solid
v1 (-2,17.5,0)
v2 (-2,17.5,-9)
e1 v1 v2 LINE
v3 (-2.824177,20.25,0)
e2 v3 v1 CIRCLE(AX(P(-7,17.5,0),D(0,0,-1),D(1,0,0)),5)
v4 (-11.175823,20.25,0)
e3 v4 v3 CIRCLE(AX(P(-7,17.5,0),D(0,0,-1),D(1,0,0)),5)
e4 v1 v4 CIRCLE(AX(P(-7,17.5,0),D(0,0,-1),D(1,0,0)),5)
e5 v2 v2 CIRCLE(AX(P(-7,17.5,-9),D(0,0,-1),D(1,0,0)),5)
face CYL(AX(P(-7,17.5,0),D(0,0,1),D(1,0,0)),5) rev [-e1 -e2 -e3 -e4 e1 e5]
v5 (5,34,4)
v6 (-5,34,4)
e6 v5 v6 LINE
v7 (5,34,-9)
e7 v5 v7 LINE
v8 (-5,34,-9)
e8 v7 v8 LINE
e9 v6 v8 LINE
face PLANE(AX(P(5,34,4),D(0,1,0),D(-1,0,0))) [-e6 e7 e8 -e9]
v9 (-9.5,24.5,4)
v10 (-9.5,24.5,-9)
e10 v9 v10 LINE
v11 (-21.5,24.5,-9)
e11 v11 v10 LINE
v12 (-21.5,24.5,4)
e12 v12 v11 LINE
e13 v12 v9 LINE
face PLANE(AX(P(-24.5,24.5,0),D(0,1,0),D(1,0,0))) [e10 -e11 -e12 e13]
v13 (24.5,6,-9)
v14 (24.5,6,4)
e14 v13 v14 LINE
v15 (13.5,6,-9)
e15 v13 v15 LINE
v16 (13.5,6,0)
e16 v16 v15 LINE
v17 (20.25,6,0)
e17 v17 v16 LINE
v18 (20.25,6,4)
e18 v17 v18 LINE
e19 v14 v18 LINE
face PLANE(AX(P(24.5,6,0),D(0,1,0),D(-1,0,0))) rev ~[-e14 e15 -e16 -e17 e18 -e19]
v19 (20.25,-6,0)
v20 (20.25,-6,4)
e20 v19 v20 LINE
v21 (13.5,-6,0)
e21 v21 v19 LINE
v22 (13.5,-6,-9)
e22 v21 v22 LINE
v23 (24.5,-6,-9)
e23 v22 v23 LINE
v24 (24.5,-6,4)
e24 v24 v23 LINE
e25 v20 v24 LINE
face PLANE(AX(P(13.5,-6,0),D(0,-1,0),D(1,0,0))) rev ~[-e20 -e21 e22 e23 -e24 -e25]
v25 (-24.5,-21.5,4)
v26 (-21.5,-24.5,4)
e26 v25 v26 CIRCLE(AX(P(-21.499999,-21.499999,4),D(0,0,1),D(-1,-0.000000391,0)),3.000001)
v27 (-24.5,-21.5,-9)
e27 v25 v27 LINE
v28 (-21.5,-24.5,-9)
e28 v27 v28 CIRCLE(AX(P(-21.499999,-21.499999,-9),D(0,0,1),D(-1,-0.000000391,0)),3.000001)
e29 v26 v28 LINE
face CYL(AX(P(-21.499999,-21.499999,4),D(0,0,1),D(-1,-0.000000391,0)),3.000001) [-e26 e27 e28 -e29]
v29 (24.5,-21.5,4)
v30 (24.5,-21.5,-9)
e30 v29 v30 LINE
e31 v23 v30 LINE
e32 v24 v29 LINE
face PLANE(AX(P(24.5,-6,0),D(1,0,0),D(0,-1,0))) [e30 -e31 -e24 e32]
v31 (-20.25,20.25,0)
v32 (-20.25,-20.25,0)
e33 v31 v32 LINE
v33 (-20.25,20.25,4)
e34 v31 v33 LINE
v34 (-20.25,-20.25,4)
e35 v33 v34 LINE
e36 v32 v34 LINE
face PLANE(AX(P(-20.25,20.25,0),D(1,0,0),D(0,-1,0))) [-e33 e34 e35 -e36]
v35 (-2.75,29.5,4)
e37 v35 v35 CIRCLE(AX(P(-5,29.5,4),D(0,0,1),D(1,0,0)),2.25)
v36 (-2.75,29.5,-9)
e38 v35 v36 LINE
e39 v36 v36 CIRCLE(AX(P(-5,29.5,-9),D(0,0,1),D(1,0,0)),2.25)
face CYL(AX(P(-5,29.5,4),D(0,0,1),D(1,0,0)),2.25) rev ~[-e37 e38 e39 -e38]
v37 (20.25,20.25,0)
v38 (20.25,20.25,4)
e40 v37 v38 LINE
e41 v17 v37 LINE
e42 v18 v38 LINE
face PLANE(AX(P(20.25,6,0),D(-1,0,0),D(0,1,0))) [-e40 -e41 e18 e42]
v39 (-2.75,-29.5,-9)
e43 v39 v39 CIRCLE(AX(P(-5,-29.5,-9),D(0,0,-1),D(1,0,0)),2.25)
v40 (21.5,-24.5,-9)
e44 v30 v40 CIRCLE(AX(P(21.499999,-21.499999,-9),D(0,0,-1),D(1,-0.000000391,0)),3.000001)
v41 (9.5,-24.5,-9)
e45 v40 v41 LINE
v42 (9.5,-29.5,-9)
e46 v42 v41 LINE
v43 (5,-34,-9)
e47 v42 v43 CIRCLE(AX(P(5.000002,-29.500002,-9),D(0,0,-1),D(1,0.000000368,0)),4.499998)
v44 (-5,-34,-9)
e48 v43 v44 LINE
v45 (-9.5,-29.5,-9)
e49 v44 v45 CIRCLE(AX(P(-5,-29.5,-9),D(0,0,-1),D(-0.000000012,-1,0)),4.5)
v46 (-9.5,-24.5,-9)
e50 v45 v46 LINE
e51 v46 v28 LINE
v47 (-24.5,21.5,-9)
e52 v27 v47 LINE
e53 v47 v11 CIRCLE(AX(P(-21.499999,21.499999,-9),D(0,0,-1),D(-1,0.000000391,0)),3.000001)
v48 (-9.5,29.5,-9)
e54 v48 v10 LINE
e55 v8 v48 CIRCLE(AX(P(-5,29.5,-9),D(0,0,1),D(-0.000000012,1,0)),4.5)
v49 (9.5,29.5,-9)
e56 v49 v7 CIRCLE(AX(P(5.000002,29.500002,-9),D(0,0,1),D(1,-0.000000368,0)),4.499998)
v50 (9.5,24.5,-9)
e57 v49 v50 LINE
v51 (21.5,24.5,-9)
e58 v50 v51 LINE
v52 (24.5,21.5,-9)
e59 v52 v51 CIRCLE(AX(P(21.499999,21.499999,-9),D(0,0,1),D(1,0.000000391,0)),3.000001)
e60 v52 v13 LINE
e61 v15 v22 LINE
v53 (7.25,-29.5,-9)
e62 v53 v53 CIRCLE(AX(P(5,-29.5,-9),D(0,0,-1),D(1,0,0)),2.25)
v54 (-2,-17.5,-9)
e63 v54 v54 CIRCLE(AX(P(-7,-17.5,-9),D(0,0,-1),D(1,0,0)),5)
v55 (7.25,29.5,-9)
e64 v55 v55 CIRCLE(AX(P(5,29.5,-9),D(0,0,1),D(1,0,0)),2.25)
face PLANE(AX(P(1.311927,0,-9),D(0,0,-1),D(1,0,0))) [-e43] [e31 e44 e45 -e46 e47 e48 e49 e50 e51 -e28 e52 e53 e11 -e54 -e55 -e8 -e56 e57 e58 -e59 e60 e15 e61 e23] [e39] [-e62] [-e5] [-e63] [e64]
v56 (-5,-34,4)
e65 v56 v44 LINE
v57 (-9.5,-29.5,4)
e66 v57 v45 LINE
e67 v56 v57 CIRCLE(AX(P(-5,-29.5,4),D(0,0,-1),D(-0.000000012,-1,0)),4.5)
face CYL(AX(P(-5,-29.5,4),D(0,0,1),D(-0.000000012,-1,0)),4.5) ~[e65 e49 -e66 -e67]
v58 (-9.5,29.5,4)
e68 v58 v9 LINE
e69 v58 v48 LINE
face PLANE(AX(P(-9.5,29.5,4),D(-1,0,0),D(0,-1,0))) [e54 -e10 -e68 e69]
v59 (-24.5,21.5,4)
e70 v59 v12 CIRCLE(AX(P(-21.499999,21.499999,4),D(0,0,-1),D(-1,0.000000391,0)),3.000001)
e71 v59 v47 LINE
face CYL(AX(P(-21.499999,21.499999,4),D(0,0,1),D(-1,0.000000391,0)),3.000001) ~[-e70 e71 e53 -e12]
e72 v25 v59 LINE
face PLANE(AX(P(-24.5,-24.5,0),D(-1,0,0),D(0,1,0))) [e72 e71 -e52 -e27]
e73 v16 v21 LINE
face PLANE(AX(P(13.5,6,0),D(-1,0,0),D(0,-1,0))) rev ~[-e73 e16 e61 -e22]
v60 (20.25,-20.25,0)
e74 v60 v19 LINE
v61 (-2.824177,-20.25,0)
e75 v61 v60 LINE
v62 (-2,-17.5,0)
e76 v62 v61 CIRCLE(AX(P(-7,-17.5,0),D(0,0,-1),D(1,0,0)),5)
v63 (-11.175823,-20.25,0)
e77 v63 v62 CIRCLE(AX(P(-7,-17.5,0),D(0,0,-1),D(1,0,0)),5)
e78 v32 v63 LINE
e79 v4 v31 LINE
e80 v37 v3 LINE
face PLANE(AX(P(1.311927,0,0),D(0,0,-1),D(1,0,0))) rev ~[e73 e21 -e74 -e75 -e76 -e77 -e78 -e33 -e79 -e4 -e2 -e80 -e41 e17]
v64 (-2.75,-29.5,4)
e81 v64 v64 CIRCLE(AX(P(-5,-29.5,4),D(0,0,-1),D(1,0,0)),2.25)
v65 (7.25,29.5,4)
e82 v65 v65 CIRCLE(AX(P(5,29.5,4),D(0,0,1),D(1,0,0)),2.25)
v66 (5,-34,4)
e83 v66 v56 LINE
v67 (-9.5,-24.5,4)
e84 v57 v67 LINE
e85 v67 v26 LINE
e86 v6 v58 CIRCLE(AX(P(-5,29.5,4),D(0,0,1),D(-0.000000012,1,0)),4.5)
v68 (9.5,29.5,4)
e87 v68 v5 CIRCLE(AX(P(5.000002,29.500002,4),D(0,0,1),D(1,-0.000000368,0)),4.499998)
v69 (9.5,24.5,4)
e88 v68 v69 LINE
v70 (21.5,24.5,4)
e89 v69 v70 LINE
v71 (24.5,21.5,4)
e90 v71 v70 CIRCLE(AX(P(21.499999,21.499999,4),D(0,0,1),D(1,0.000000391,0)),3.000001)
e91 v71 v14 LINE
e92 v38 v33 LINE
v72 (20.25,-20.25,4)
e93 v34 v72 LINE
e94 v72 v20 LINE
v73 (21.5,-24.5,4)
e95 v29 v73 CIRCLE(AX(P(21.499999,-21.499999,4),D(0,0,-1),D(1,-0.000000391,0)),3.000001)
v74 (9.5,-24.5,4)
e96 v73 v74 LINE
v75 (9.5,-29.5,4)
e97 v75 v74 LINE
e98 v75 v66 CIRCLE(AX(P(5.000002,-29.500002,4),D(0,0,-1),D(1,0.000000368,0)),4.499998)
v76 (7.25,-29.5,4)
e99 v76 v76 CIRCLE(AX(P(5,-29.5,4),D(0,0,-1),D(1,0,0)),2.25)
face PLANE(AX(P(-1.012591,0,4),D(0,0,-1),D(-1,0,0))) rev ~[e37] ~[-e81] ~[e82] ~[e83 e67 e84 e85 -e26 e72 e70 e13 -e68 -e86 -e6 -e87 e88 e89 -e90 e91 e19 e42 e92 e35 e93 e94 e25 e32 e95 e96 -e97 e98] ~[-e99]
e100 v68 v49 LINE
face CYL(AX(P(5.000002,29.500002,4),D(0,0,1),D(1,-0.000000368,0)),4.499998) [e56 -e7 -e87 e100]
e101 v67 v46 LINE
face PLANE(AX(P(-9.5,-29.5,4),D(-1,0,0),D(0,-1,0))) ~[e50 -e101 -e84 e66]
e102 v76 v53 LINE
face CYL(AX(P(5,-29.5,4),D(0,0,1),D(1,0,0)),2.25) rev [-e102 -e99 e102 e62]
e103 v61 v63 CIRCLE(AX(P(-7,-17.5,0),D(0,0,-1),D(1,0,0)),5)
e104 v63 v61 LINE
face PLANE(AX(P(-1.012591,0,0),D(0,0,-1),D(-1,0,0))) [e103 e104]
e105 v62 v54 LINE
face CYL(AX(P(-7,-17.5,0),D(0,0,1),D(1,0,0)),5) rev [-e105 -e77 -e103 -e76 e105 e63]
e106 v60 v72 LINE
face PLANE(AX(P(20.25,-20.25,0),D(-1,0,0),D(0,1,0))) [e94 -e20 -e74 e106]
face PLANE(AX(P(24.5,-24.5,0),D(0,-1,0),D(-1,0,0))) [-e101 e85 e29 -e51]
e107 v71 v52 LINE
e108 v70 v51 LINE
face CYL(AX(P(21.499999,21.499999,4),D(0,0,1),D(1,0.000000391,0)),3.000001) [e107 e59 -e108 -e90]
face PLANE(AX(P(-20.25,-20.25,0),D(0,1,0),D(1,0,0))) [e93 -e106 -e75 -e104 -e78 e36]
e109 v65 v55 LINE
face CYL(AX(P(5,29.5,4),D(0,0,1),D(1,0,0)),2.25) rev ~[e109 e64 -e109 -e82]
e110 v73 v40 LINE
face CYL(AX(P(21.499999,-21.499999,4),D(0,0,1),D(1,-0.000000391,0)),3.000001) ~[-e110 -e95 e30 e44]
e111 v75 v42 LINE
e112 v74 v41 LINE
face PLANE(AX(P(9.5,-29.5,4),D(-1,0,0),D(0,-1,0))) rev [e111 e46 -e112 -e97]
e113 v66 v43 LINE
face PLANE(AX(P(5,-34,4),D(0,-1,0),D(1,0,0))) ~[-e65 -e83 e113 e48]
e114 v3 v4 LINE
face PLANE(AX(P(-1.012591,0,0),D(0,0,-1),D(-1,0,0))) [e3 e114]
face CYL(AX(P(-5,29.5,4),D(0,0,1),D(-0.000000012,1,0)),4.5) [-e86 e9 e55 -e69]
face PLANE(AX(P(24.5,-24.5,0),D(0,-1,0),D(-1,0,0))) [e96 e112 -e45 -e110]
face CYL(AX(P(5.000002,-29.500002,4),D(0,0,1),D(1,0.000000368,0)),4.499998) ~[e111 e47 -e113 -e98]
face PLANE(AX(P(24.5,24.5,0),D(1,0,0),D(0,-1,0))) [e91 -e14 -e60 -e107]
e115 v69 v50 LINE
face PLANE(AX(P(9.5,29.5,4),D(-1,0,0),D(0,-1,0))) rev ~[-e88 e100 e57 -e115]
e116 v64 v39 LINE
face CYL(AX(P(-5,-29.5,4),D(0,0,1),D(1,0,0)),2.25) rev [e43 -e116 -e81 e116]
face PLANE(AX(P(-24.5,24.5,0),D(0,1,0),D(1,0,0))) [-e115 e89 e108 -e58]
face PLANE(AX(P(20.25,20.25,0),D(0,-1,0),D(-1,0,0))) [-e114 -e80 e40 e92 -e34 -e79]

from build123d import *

# Parameters (mm, degrees)
SKETCH006_R                = 5
PAD005_DEPTH               = 9
PAD006_DEPTH               = 4
SKETCH009_R                = 2.25
PAD008_DEPTH               = 13
POCKET_DEPTH               = 13
POCKET_MIRRORED004_2_DEPTH = 13


with BuildPart() as part:
    # Sketch006 (on Face30 of Binder) → Pad005 (new body)
    with BuildSketch(Plane(origin=(0, 0, 0), x_dir=(1, 0, 0), z_dir=(0, 0, -1))):
        Polygon((-24.5, -24.5), (24.5, -24.5), (24.5, -6), (13.5, -6), (13.5, 6), (24.5, 6), (24.5, 24.5), (-24.5, 24.5), align=None)
        with Locations((-7, 17.5)):
            Circle(SKETCH006_R, mode=Mode.SUBTRACT)
        with Locations((-7, -17.5)):
            Circle(SKETCH006_R, mode=Mode.SUBTRACT)
    extrude(amount=PAD005_DEPTH)

    # Sketch007 (on Face11 of Pad005) → Pad006 (join)
    with BuildSketch(Plane.XY):
        Polygon((-20.25, 20.25), (-20.25, -20.25), (20.25, -20.25), (20.25, -6), (24.5, -6), (24.5, -24.5), (-24.5, -24.5), (-24.5, 24.5), (24.5, 24.5), (24.5, 6), (20.25, 6), (20.25, 20.25), align=None)
    extrude(amount=PAD006_DEPTH)

    # Sketch009 (on Face7 of Pad006) → Pad008 (join)
    with BuildSketch(Plane.XY.offset(4)):
        with BuildLine():
            ThreePointArc((-5, 34), (-8.18198, 32.681981), (-9.5, 29.5))
            Line((-9.5, 29.5), (-9.5, 24.5))
            Line((-9.5, 24.5), (9.5, 24.5))
            Line((9.5, 29.5), (9.5, 24.5))
            ThreePointArc((9.5, 29.5), (8.181981, 32.681981), (5, 34))
            Line((5, 34), (-5, 34))
        make_face()
        with Locations((5, 29.5)):
            Circle(SKETCH009_R, mode=Mode.SUBTRACT)
        with Locations((-5, 29.5)):
            Circle(SKETCH009_R, mode=Mode.SUBTRACT)
    pad008 = extrude(amount=-PAD008_DEPTH)

    # Mirrored001: Pad008 across Sketch009 H_Axis
    add(pad008.mirror(Plane(origin=(0, 0, 4), x_dir=(0, 0, 1), z_dir=(0, 1, 0))))

    # Sketch018 (on Face36 of Mirrored001) → Pocket (cut)
    with BuildSketch(Plane.XY.offset(4)):
        with BuildLine():
            ThreePointArc((-24.5, -21.5), (-23.62132, -23.62132), (-21.5, -24.5))
            Line((-21.5, -24.5), (-24.5, -24.5))
            Line((-24.5, -24.5), (-24.5, -21.5))
        make_face()
    pocket = extrude(amount=-POCKET_DEPTH, mode=Mode.SUBTRACT)

    # Sketch018 Mirrored004 2 → Pocket Mirrored004 2 (cut)
    with BuildSketch(Plane(origin=(0, 0, 4), x_dir=(1, 0, 0), z_dir=(0, 0, -1))):
        with BuildLine():
            ThreePointArc((-24.5, -21.5), (-23.62132, -23.62132), (-21.5, -24.5))
            Line((-21.5, -24.5), (-24.5, -24.5))
            Line((-24.5, -24.5), (-24.5, -21.5))
        make_face()
    pocket_mirrored004_2 = extrude(amount=POCKET_MIRRORED004_2_DEPTH, mode=Mode.SUBTRACT)

    # Mirrored005: Pocket, Pocket Mirrored004 2 across Sketch018 V_Axis
    add(pocket.mirror(Plane(origin=(0, 0, 4), x_dir=(0, 0, 1), z_dir=(1, 0, 0))), mode=Mode.SUBTRACT)
    add(pocket_mirrored004_2.mirror(Plane(origin=(0, 0, 4), x_dir=(0, 0, 1), z_dir=(1, 0, 0))), mode=Mode.SUBTRACT)


solid = part.part
